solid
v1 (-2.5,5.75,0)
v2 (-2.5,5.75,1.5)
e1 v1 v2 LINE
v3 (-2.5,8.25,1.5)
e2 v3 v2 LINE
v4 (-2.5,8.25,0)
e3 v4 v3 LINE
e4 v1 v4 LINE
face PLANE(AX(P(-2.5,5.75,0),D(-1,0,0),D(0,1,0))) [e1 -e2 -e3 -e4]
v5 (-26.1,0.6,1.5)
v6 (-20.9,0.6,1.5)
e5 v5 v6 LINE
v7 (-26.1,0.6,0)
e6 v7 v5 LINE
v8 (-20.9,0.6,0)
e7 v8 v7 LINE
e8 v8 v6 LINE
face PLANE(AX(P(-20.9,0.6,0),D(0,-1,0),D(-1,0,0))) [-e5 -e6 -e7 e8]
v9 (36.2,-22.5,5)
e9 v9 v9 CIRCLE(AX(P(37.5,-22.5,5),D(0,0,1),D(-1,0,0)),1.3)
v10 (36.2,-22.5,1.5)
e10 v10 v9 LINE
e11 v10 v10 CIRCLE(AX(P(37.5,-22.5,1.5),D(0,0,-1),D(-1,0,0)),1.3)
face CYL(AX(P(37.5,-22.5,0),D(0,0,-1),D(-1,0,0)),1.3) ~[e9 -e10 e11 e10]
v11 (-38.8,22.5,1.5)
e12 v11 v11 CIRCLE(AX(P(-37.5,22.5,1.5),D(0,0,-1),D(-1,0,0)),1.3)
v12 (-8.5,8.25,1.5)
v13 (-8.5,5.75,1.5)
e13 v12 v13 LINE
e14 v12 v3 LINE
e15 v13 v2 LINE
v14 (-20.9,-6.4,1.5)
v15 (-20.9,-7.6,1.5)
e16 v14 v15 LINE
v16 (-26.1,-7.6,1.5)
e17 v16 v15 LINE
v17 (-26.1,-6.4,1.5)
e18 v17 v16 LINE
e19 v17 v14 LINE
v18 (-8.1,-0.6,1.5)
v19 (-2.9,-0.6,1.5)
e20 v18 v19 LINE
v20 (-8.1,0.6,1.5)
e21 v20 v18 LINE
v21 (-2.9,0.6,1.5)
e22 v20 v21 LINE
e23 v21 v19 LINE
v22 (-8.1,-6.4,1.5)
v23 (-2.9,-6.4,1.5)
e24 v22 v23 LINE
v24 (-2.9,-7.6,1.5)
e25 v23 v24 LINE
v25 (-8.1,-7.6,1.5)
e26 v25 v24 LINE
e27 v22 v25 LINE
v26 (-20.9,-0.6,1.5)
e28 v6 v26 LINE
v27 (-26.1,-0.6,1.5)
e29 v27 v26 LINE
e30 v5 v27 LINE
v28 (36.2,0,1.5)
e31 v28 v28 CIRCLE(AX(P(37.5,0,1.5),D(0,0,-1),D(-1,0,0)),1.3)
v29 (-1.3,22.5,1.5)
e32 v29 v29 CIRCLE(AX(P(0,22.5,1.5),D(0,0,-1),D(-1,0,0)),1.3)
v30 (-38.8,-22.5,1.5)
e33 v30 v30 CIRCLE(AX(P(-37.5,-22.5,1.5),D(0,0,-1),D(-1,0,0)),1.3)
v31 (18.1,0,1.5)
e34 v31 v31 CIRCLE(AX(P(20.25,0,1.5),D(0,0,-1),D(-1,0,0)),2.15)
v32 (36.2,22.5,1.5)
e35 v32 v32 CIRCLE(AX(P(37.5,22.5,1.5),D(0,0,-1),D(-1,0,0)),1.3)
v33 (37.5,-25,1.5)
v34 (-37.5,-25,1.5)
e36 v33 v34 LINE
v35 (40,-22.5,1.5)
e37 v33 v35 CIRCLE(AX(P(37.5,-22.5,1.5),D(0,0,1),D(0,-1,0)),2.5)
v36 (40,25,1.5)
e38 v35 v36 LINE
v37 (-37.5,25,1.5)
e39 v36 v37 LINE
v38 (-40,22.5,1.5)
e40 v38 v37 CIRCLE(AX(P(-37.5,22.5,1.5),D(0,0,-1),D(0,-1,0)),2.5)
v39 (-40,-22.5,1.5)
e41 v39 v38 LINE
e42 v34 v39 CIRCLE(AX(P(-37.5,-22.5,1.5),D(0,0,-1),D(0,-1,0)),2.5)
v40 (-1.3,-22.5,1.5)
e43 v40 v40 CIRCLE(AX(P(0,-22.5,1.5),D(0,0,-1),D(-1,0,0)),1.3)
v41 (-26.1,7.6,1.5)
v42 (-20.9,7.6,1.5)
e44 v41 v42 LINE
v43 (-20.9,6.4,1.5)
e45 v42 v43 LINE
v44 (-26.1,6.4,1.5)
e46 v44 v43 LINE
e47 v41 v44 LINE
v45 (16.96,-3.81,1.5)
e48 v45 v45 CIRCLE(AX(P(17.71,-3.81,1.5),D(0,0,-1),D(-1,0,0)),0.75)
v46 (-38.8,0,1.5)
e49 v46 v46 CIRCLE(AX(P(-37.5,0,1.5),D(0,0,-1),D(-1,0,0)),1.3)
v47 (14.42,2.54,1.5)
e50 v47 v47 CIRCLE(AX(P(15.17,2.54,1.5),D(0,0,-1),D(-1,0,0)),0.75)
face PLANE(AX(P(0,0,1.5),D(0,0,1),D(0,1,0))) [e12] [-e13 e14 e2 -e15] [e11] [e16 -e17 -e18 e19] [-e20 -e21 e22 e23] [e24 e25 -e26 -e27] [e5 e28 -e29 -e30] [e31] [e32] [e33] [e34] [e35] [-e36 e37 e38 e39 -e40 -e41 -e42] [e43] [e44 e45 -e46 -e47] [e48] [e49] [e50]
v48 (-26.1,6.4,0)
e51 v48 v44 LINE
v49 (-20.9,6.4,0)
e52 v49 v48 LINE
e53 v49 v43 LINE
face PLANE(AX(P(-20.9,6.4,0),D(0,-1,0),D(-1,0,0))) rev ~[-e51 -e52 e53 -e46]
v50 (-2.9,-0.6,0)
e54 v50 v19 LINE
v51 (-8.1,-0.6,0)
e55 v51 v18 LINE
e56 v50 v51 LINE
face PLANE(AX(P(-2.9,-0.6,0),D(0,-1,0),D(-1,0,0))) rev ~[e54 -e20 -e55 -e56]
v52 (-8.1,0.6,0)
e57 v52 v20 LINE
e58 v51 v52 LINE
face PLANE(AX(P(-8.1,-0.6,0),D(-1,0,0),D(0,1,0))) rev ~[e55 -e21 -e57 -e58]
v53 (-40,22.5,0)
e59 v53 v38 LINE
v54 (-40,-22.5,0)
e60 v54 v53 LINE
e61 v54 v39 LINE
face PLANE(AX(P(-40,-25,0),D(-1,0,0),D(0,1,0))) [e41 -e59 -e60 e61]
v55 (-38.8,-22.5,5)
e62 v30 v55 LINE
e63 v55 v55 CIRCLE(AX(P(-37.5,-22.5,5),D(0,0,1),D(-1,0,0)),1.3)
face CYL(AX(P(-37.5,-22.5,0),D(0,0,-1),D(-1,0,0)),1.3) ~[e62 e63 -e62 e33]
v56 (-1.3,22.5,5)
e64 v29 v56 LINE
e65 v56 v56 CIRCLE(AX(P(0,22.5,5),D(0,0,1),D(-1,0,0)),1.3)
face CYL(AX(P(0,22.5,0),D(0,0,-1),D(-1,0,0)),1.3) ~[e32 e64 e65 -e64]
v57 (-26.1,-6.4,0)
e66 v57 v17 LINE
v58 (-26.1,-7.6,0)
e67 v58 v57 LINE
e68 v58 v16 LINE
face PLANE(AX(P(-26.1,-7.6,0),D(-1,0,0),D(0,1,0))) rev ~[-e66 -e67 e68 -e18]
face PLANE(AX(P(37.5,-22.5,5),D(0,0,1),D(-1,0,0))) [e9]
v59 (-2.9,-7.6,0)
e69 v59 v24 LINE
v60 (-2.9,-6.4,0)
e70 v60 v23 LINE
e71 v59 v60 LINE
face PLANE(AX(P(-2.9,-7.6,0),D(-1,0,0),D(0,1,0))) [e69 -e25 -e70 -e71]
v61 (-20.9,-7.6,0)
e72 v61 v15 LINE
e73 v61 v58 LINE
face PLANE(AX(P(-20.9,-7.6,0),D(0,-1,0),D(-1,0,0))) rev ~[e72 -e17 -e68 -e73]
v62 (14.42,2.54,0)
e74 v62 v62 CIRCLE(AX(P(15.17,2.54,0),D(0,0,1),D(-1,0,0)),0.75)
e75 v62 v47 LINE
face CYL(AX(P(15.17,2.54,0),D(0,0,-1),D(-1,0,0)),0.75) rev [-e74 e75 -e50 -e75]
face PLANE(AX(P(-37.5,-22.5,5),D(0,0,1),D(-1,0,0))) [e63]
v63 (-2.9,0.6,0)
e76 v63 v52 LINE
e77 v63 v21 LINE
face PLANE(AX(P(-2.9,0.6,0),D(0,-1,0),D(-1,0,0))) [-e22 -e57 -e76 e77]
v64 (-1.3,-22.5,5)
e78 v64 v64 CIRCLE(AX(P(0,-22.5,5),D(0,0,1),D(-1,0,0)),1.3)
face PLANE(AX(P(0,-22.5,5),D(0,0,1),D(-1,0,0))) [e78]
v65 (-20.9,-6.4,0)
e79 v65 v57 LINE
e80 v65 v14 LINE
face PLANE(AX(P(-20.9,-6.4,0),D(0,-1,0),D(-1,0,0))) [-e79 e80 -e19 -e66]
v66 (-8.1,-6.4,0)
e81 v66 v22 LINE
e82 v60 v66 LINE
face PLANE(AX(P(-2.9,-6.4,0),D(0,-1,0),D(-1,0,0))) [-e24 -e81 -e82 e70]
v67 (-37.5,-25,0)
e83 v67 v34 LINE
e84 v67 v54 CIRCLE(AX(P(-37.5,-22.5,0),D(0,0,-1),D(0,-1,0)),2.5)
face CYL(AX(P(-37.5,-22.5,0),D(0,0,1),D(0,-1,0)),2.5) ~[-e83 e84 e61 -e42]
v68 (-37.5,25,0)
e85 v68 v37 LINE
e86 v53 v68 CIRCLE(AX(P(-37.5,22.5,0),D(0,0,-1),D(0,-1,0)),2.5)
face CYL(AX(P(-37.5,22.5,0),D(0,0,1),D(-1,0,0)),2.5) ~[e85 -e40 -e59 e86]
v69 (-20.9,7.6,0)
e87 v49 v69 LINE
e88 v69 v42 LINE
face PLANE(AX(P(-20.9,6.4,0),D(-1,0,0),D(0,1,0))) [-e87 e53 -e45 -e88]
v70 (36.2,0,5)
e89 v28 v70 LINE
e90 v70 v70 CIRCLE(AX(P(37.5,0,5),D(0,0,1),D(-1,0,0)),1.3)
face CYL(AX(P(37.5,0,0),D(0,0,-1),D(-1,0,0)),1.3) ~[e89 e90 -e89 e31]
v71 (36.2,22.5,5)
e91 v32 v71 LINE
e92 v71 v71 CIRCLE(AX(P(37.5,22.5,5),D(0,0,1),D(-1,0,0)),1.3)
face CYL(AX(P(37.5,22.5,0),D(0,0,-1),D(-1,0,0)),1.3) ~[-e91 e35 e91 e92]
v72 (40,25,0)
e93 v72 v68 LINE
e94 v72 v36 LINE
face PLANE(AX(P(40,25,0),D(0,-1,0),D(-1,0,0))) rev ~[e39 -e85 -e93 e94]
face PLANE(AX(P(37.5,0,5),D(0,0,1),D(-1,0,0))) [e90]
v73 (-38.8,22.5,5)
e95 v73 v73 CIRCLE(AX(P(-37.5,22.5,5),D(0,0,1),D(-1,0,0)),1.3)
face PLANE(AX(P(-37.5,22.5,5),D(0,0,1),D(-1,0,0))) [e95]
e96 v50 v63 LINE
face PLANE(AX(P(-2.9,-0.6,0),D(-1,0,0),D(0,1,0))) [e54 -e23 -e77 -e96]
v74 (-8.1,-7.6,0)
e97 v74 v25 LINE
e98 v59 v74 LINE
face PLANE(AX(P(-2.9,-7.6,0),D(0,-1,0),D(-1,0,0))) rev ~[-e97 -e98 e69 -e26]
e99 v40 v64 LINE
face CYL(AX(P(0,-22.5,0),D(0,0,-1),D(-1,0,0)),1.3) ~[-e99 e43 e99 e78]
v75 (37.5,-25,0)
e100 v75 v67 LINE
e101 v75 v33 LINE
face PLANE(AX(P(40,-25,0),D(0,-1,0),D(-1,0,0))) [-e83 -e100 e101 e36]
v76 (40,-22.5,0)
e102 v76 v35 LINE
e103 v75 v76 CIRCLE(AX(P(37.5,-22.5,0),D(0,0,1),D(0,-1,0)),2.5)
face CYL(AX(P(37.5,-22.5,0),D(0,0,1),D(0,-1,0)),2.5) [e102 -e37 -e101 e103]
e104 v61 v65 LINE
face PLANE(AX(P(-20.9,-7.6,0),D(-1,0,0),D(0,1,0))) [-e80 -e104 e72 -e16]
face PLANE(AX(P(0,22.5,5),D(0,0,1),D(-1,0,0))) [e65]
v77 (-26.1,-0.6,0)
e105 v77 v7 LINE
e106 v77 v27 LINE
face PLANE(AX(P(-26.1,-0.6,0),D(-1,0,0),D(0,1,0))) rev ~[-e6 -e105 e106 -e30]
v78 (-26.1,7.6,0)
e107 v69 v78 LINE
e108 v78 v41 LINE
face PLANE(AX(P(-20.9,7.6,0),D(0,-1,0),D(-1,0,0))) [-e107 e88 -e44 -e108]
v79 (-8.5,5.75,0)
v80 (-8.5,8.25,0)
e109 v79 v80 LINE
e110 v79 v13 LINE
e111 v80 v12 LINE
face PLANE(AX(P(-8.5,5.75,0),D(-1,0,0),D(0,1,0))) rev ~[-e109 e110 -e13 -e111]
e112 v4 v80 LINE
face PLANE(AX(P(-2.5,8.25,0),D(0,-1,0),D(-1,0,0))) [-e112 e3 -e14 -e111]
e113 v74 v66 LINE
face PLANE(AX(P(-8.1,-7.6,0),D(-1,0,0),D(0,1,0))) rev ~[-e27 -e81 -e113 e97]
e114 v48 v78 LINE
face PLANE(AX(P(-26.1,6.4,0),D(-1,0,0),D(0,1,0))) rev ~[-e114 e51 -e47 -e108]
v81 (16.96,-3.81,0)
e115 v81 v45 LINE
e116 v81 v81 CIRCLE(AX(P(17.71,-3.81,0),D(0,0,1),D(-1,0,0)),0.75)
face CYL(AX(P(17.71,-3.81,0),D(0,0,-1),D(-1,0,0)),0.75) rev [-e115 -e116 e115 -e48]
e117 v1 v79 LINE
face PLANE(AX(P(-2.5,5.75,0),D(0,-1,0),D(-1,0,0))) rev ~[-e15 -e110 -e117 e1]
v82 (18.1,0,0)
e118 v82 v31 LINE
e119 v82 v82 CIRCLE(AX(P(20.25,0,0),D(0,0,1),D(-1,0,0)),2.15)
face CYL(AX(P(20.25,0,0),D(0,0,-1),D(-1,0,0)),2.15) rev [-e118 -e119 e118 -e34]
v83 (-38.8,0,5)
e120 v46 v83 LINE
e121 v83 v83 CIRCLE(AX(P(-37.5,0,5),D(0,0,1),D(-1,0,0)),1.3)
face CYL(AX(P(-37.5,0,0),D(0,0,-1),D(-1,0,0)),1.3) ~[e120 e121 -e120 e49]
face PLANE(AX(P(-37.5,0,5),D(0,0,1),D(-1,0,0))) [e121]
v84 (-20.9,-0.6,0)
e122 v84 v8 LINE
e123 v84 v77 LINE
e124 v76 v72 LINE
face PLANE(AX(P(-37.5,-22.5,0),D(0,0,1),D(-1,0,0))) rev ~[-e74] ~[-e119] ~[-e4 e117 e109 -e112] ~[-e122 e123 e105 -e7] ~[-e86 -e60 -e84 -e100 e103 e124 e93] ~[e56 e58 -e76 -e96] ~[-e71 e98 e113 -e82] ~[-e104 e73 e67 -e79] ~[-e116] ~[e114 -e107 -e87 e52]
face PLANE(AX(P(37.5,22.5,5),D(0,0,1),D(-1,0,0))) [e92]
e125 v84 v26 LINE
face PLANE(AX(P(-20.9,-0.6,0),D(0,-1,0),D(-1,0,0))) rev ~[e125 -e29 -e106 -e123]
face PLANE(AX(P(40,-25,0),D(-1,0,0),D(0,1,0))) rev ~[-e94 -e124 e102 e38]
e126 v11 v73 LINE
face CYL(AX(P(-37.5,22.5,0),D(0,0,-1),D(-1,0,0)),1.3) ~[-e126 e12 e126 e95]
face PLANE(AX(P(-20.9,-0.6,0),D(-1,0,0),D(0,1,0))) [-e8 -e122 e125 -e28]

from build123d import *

# Parameters (mm, degrees)
SKETCH1_W           = 50
SKETCH1_H           = 80
BOSS_EXTRUDE5_DEPTH = 1.5
SKETCH4_R           = 1.3
BOSS_EXTRUDE6_DEPTH = 5
SKETCH6_R           = 2.15
SKETCH6_R_2         = 0.75
SKETCH6_W           = 1.2
SKETCH6_H           = 5.2
SKETCH6_W_2         = 2.5
SKETCH6_H_2         = 6
CUT_EXTRUDE1_DEPTH  = 10
FILLET1_R           = 2.5


with BuildPart() as part:
    # Sketch1 → Boss-Extrude5 (new body)
    with BuildSketch(Plane(origin=(0, 0, 0), x_dir=(0, 1, 0), z_dir=(0, 0, 1))):
        Rectangle(SKETCH1_W, SKETCH1_H)
    extrude(amount=BOSS_EXTRUDE5_DEPTH)

    # Sketch4 → Boss-Extrude6 (add)
    with BuildSketch(Plane(origin=(0, 0, 0), x_dir=(0, 1, 0), z_dir=(0, 0, 1))):
        with Locations(Location((-22.5, 37.5, 0), (0, 0, 90))):
            Circle(SKETCH4_R)
        with Locations(Location((0, 37.5, 0), (0, 0, 90))):
            Circle(SKETCH4_R)
        with Locations(Location((22.5, 37.5, 0), (0, 0, 90))):
            Circle(SKETCH4_R)
        with Locations(Location((-22.5, 0, 0), (0, 0, 90))):
            Circle(SKETCH4_R)
        with Locations(Location((22.5, 0, 0), (0, 0, 90))):
            Circle(SKETCH4_R)
        with Locations(Location((22.5, -37.5, 0), (0, 0, 90))):
            Circle(SKETCH4_R)
        with Locations(Location((0, -37.5, 0), (0, 0, 90))):
            Circle(SKETCH4_R)
        with Locations(Location((-22.5, -37.5, 0), (0, 0, 90))):
            Circle(SKETCH4_R)
    extrude(amount=BOSS_EXTRUDE6_DEPTH)

    # Sketch6 → Cut-Extrude1 (cut)
    with BuildSketch(Plane(origin=(0, 0, 0), x_dir=(0, 1, 0), z_dir=(0, 0, 1))):
        with Locations(Location((0, -20.25, 0), (0, 0, 90))):
            Circle(SKETCH6_R)
        with Locations(Location((-3.81, -17.71, 0), (0, 0, 90))):
            Circle(SKETCH6_R_2)
        with Locations(Location((2.54, -15.17, 0), (0, 0, 90))):
            Circle(SKETCH6_R_2)
        with Locations((7, 23.5)):
            Rectangle(SKETCH6_W, SKETCH6_H)
        with Locations((0, 23.5)):
            Rectangle(SKETCH6_W, SKETCH6_H)
        with Locations((-7, 23.5)):
            Rectangle(SKETCH6_W, SKETCH6_H)
        with Locations((0, 5.5)):
            Rectangle(SKETCH6_W, SKETCH6_H)
        with Locations((-7, 5.5)):
            Rectangle(SKETCH6_W, SKETCH6_H)
        with Locations((7, 5.5)):
            Rectangle(SKETCH6_W_2, SKETCH6_H_2)
    extrude(amount=CUT_EXTRUDE1_DEPTH, mode=Mode.SUBTRACT)

    # Fillet1
    fillet1_edges = [part.edges().sort_by_distance(p)[0] for p in [
        (-40, -25, 0.75),
        (-40, 25, 0.75),
        (40, -25, 0.75),
    ]]
    fillet(fillet1_edges, radius=FILLET1_R)


solid = part.part
